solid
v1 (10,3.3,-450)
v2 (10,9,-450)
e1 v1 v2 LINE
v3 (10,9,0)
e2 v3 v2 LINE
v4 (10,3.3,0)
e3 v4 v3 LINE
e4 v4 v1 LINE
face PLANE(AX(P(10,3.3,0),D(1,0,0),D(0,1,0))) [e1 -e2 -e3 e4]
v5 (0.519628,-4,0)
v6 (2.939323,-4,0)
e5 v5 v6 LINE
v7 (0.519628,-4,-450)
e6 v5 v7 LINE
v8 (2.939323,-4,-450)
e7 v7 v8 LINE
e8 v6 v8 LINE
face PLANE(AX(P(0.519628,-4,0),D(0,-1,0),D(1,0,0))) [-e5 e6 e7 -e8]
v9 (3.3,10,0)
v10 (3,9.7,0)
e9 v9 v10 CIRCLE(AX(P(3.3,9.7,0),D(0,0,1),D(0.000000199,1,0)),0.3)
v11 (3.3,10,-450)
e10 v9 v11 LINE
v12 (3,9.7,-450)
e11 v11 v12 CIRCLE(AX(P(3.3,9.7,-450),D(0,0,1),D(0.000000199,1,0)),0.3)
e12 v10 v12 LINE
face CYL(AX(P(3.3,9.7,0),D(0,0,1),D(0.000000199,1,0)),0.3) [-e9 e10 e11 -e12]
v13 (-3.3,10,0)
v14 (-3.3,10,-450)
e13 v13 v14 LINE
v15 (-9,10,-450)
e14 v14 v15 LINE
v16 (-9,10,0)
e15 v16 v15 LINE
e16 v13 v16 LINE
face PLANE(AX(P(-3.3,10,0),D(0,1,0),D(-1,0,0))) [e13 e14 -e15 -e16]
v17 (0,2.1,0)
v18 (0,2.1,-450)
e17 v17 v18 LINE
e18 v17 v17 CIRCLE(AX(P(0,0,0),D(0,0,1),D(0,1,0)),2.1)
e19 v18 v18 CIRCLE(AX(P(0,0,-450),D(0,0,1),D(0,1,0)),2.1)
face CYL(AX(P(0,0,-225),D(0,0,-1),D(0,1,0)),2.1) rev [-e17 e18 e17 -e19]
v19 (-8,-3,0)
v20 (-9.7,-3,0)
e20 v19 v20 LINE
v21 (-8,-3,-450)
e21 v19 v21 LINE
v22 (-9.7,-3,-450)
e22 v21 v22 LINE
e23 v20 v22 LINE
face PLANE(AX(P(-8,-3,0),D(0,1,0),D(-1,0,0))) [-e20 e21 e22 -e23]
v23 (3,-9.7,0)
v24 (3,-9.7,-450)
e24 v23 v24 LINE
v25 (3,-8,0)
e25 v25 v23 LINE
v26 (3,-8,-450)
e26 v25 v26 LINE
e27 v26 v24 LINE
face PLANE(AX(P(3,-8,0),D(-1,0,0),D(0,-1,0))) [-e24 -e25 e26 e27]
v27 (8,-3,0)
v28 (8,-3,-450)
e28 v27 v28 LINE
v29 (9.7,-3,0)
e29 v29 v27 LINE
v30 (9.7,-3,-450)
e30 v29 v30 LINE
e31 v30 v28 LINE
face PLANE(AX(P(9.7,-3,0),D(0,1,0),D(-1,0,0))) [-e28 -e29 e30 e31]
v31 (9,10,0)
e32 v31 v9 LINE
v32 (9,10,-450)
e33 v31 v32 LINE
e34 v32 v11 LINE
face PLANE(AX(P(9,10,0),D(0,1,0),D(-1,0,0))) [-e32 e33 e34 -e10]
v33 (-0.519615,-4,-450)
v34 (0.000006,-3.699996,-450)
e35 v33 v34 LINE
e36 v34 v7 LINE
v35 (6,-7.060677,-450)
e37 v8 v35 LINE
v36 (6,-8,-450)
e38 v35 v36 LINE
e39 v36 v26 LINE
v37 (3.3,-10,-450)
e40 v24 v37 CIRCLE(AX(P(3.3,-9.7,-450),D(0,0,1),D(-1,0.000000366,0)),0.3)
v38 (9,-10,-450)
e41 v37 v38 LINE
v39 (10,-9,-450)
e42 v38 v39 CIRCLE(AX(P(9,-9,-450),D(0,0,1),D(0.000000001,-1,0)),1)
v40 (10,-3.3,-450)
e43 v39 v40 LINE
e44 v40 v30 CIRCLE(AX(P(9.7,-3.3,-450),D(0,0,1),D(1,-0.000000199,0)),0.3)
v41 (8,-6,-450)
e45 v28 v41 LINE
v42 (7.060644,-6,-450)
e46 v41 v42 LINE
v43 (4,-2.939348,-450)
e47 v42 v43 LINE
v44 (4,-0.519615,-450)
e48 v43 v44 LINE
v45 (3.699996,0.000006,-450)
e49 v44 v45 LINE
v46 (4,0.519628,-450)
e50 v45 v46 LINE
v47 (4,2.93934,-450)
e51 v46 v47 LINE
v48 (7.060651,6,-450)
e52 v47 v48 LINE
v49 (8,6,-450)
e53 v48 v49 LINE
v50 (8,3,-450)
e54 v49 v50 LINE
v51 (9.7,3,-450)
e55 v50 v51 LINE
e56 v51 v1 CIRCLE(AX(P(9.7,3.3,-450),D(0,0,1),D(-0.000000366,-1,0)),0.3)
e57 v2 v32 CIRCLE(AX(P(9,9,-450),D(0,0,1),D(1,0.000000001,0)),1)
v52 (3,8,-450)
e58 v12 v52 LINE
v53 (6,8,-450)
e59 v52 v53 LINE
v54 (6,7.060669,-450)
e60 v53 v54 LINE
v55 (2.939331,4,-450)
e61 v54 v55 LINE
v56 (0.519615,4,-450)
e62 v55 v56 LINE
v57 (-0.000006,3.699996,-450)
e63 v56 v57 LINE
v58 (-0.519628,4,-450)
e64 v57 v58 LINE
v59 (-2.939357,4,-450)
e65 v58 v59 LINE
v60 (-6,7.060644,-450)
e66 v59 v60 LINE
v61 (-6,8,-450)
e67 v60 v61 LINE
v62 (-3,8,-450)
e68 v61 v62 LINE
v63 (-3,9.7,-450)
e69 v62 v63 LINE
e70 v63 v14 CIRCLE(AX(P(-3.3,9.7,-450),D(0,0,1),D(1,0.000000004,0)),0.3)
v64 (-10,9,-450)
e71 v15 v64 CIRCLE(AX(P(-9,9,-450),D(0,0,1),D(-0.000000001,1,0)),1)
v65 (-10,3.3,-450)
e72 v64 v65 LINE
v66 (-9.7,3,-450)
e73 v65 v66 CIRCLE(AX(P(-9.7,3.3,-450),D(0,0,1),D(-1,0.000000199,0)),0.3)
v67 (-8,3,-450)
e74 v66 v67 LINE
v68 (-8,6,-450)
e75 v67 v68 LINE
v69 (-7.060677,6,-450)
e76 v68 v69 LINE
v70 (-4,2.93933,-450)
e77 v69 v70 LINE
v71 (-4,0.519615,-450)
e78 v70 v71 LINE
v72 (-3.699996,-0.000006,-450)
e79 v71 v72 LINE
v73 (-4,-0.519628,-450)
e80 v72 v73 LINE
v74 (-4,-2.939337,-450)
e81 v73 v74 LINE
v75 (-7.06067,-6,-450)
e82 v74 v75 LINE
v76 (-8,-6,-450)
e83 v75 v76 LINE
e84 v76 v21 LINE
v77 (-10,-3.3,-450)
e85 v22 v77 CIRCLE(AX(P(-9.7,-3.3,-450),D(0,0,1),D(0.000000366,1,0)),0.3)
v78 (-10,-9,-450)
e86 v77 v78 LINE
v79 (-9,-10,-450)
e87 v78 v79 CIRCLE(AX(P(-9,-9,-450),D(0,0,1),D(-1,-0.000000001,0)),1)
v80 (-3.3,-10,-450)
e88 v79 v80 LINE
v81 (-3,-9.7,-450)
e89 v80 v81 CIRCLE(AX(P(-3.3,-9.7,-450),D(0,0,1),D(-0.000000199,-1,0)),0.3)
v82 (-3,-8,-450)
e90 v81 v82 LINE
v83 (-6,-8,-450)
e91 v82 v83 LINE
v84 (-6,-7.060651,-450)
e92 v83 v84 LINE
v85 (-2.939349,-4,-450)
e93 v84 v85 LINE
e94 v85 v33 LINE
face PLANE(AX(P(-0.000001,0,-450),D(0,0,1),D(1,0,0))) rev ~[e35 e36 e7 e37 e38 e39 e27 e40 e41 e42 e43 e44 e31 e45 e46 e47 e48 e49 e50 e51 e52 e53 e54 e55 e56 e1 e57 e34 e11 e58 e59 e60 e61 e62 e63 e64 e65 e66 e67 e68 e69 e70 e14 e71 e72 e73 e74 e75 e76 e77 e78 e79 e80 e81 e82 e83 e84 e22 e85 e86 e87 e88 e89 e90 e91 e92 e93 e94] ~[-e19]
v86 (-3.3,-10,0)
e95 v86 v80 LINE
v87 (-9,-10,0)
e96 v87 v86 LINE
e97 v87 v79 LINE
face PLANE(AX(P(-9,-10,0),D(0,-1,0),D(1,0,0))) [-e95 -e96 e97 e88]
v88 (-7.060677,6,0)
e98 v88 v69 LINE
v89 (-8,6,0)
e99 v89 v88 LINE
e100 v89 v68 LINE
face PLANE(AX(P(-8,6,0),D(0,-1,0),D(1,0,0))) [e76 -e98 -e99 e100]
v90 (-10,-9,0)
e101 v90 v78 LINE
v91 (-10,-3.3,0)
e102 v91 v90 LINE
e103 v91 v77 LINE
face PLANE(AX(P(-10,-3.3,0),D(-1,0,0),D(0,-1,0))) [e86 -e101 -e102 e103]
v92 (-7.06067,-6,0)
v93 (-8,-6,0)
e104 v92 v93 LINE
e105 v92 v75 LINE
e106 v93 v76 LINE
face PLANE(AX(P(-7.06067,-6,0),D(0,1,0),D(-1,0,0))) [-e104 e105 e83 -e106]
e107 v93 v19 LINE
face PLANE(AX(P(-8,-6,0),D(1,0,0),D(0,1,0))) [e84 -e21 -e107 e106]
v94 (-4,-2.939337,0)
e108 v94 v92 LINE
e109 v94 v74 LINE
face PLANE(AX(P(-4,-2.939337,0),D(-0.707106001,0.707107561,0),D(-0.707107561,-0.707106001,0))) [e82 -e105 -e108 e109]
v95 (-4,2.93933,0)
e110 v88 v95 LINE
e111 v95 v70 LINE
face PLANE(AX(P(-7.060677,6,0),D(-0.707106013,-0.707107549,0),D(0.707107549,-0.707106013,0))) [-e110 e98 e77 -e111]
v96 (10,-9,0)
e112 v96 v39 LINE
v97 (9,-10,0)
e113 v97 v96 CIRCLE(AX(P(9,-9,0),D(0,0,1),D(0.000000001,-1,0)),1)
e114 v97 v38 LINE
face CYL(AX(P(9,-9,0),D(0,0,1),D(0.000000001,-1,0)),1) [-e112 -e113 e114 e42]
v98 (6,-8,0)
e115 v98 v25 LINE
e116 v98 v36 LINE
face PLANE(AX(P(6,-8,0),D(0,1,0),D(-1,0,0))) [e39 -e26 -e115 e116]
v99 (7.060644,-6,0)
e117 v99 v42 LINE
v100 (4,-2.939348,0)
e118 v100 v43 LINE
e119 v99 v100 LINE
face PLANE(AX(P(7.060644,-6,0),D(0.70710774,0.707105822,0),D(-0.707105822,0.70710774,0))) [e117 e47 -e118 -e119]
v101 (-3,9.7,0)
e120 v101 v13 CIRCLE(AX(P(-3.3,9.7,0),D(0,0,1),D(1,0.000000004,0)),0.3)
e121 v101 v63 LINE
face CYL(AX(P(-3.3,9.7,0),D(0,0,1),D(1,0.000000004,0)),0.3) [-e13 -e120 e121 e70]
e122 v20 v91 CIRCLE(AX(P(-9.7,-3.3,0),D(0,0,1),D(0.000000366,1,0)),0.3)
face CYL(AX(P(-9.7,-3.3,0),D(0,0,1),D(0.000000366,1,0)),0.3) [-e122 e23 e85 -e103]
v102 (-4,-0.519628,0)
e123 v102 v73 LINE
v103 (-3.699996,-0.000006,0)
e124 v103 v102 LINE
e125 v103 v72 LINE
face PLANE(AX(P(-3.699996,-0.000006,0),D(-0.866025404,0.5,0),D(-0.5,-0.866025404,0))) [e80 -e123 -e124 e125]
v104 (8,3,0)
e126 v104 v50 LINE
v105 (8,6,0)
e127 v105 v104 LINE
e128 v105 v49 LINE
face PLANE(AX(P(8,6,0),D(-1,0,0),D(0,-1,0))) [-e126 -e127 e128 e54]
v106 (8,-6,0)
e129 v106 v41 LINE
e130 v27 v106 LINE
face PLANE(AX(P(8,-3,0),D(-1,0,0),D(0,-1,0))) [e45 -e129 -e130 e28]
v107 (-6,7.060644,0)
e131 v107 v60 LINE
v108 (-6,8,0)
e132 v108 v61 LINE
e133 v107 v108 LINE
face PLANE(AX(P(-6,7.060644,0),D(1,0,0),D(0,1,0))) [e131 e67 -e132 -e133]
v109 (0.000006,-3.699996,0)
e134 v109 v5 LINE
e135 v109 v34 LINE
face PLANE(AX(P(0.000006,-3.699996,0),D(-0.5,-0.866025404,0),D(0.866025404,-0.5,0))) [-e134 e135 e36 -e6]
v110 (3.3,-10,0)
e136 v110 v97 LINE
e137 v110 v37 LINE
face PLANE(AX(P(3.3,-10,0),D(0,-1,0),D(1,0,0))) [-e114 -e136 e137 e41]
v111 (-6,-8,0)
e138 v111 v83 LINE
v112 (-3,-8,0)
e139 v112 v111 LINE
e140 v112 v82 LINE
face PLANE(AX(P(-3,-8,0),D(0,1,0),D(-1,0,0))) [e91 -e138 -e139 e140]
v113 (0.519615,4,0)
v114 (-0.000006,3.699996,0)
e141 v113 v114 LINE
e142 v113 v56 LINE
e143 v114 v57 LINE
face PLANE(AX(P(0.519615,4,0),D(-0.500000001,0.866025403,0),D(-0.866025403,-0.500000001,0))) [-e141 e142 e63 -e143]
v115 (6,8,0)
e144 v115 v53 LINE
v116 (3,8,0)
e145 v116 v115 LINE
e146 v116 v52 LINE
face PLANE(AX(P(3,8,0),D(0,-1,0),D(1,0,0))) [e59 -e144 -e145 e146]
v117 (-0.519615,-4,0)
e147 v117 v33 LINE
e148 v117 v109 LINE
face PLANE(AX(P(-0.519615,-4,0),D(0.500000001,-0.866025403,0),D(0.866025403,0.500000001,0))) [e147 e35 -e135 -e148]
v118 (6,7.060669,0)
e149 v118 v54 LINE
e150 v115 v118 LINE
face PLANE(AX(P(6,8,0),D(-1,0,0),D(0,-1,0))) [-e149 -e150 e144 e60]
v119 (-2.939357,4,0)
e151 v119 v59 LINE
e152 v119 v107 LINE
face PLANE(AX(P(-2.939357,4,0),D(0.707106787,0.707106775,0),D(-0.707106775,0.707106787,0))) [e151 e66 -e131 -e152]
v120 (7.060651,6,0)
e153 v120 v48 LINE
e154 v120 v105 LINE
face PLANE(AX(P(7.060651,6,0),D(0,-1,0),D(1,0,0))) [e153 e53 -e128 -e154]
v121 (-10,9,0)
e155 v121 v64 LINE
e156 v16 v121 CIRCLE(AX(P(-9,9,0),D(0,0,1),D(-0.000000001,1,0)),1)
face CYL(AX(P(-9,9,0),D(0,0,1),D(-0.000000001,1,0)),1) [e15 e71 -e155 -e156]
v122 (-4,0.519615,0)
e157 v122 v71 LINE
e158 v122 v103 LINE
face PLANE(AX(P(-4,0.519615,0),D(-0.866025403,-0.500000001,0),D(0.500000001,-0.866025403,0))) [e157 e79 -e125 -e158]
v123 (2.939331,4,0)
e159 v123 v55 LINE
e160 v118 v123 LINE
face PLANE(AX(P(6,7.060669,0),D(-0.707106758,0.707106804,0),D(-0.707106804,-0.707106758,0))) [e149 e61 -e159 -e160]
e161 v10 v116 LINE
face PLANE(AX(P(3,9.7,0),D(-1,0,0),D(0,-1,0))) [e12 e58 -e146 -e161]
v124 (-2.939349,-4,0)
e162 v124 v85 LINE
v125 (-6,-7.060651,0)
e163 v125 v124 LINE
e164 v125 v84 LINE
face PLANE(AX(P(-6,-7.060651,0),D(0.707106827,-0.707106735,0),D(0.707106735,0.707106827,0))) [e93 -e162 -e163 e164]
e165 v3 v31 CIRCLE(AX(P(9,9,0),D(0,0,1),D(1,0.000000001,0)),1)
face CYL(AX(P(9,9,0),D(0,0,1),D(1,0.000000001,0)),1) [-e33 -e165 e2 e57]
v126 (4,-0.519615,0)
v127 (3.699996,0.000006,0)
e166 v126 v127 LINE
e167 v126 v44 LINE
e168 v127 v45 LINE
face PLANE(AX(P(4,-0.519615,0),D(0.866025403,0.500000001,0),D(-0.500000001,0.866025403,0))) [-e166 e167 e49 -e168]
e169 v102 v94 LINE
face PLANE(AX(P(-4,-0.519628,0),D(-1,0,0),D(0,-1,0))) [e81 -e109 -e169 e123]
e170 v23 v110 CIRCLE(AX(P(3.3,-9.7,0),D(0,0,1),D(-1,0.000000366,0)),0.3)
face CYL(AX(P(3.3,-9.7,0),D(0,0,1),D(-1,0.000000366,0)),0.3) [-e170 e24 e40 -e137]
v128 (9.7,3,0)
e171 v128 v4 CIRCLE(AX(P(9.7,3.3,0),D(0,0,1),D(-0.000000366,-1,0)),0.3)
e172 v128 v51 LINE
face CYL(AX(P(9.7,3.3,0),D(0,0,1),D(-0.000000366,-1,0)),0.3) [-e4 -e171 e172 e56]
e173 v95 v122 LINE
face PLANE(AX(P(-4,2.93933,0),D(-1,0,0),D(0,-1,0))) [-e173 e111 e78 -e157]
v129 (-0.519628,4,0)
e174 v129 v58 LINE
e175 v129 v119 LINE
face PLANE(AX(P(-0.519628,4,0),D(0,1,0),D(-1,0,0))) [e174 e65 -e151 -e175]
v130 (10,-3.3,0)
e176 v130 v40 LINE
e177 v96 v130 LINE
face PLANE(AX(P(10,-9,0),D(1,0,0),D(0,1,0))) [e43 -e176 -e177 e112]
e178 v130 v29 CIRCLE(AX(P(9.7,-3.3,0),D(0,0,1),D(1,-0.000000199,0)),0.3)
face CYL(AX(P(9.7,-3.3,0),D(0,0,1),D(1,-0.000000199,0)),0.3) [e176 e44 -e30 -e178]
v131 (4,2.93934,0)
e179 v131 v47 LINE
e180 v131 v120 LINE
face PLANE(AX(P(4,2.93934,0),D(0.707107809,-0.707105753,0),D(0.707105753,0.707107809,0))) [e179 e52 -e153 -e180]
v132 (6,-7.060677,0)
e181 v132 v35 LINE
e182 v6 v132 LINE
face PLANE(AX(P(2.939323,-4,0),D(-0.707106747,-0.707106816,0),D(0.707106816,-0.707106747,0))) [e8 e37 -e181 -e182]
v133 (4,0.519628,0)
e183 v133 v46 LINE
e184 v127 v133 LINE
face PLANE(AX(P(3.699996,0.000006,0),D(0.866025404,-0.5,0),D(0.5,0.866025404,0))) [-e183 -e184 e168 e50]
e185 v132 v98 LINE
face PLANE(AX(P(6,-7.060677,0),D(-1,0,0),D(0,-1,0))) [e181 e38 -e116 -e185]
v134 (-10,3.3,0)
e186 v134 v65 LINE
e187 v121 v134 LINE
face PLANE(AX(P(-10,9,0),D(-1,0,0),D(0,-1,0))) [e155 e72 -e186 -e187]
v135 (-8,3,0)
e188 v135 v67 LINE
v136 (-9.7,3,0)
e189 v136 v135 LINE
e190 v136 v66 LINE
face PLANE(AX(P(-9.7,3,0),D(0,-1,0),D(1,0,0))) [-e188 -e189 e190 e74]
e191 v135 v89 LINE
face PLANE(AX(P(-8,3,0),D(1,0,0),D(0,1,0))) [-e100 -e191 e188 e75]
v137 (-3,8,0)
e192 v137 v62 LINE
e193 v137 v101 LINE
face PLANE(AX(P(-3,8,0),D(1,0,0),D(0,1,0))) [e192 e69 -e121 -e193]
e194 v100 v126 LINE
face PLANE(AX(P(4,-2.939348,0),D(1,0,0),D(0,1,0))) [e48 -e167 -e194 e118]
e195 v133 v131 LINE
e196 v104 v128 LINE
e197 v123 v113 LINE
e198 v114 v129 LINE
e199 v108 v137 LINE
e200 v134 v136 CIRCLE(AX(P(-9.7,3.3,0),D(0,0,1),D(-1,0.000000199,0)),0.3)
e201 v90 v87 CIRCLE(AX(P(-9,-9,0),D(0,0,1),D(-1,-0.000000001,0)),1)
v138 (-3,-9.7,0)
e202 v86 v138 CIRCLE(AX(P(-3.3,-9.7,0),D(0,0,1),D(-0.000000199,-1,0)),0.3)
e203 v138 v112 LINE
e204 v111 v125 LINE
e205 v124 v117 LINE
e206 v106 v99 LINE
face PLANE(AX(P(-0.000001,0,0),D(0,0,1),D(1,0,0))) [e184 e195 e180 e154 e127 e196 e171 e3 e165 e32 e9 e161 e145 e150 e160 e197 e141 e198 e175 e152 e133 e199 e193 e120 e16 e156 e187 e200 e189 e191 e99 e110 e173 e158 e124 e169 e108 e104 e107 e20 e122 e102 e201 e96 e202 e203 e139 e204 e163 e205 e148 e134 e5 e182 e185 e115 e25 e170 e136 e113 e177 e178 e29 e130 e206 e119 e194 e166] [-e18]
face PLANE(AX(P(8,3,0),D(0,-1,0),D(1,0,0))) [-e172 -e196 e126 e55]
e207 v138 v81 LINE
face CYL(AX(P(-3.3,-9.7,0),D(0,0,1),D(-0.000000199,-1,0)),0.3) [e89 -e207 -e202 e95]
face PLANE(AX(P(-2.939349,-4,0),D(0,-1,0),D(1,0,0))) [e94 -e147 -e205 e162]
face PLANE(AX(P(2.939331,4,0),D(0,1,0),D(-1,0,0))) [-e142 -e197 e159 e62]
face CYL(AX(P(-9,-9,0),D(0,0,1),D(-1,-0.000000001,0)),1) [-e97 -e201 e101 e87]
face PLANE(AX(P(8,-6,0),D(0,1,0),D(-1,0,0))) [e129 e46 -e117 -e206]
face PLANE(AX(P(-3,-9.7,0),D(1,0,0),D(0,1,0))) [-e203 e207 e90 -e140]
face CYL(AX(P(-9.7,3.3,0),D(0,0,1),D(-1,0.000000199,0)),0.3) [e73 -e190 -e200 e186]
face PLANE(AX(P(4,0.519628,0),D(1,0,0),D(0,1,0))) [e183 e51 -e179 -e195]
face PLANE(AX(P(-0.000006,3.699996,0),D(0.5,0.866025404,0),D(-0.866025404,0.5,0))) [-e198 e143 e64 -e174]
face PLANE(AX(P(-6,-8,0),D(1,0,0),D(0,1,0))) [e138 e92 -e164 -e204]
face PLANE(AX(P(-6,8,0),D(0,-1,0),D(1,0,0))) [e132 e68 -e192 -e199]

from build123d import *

# Parameters (mm, degrees)
BOSS_EXTRUDE1_DEPTH = 450
SKETCH2_W           = 450
SKETCH2_H           = 2.1


with BuildPart() as part:
    # Sketch1 → Boss-Extrude1 (new body)
    with BuildSketch(Plane.XY):
        with BuildLine():
            Line((-10, 9), (-10, 3.29999995))
            ThreePointArc((-10, 3.29999995), (-9.912132049, 3.087867916), (-9.7, 3))
            Line((-9.7, 3), (-8, 3))
            Line((-8, 3), (-8, 6))
            Line((-8, 6), (-7.060677, 6))
            Line((-7.060677, 6), (-4, 2.93932965))
            Line((-4, 2.93932965), (-4, 0.519615242))
            Line((-4, 0.519615242), (-3.699996283, -6.437e-06))
            Line((-3.699996283, -6.437e-06), (-4, -0.519628117))
            Line((-4, -0.519628117), (-4, -2.93933725))
            Line((-4, -2.93933725), (-7.0606695, -6))
            Line((-7.0606695, -6), (-8, -6))
            Line((-8, -6), (-8, -3))
            Line((-8, -3), (-9.7, -3))
            ThreePointArc((-9.7, -3), (-9.912132049, -3.087867916), (-10, -3.29999995))
            Line((-10, -3.29999995), (-10, -9))
            ThreePointArc((-10, -9), (-9.707106781, -9.707106781), (-9, -10))
            Line((-9, -10), (-3.29999995, -10))
            ThreePointArc((-3.29999995, -10), (-3.087867916, -9.912132049), (-3, -9.7))
            Line((-3, -9.7), (-3, -8))
            Line((-3, -8), (-6, -8))
            Line((-6, -8), (-6, -7.0606515))
            Line((-6, -7.0606515), (-2.9393489, -4))
            Line((-2.9393489, -4), (-0.519615242, -4))
            Line((-0.519615242, -4), (6.437e-06, -3.699996283))
            Line((6.437e-06, -3.699996283), (0.519628117, -4))
            Line((0.519628117, -4), (2.9393227, -4))
            Line((2.9393227, -4), (6, -7.060677))
            Line((6, -7.060677), (6, -8))
            Line((6, -8), (3, -8))
            Line((3, -8), (3, -9.7))
            ThreePointArc((3, -9.7), (3.087867916, -9.912132049), (3.29999995, -10))
            Line((3.29999995, -10), (9, -10))
            ThreePointArc((9, -10), (9.707106781, -9.707106781), (10, -9))
            Line((10, -9), (10, -3.29999995))
            ThreePointArc((10, -3.29999995), (9.912132049, -3.087867916), (9.7, -3))
            Line((9.7, -3), (8, -3))
            Line((8, -3), (8, -6))
            Line((8, -6), (7.0606435, -6))
            Line((7.0606435, -6), (4, -2.9393482))
            Line((4, -2.9393482), (4, -0.519615242))
            Line((4, -0.519615242), (3.699996283, 6.437e-06))
            Line((3.699996283, 6.437e-06), (4, 0.519628117))
            Line((4, 0.519628117), (4, 2.9393401))
            Line((4, 2.9393401), (7.060651, 6))
            Line((7.060651, 6), (8, 6))
            Line((8, 6), (8, 3))
            Line((8, 3), (9.7, 3))
            ThreePointArc((9.7, 3), (9.912132049, 3.087867916), (10, 3.29999995))
            Line((10, 3.29999995), (10, 9))
            ThreePointArc((10, 9), (9.707106781, 9.707106781), (9, 10))
            Line((9, 10), (3.29999995, 10))
            ThreePointArc((3.29999995, 10), (3.087867916, 9.912132049), (3, 9.7))
            Line((3, 9.7), (3, 8))
            Line((3, 8), (6, 8))
            Line((6, 8), (6, 7.060669))
            Line((6, 7.060669), (2.9393308, 4))
            Line((2.9393308, 4), (0.519615242, 4))
            Line((0.519615242, 4), (-6.437e-06, 3.699996283))
            Line((-6.437e-06, 3.699996283), (-0.519628117, 4))
            Line((-0.519628117, 4), (-2.93935655, 4))
            Line((-2.93935655, 4), (-6, 7.0606435))
            Line((-6, 7.0606435), (-6, 8))
            Line((-6, 8), (-3, 8))
            Line((-3, 8), (-3, 9.7))
            ThreePointArc((-3, 9.7), (-3.087867966, 9.912132034), (-3.3, 10))
            Line((-3.3, 10), (-9, 10))
            ThreePointArc((-9, 10), (-9.707106781, 9.707106781), (-10, 9))
        make_face()
    extrude(amount=-BOSS_EXTRUDE1_DEPTH)

    # Sketch2 → Cut-Revolve1 (revolve, cut)
    with BuildSketch(Plane(origin=(0, 0, 0), x_dir=(0, 0, -1), z_dir=(1, 0, 0))):
        with Locations((225, 1.05)):
            Rectangle(SKETCH2_W, SKETCH2_H)
    revolve(axis=Axis((0, 0, -450), (0, 0, 1)), mode=Mode.SUBTRACT)


solid = part.part
